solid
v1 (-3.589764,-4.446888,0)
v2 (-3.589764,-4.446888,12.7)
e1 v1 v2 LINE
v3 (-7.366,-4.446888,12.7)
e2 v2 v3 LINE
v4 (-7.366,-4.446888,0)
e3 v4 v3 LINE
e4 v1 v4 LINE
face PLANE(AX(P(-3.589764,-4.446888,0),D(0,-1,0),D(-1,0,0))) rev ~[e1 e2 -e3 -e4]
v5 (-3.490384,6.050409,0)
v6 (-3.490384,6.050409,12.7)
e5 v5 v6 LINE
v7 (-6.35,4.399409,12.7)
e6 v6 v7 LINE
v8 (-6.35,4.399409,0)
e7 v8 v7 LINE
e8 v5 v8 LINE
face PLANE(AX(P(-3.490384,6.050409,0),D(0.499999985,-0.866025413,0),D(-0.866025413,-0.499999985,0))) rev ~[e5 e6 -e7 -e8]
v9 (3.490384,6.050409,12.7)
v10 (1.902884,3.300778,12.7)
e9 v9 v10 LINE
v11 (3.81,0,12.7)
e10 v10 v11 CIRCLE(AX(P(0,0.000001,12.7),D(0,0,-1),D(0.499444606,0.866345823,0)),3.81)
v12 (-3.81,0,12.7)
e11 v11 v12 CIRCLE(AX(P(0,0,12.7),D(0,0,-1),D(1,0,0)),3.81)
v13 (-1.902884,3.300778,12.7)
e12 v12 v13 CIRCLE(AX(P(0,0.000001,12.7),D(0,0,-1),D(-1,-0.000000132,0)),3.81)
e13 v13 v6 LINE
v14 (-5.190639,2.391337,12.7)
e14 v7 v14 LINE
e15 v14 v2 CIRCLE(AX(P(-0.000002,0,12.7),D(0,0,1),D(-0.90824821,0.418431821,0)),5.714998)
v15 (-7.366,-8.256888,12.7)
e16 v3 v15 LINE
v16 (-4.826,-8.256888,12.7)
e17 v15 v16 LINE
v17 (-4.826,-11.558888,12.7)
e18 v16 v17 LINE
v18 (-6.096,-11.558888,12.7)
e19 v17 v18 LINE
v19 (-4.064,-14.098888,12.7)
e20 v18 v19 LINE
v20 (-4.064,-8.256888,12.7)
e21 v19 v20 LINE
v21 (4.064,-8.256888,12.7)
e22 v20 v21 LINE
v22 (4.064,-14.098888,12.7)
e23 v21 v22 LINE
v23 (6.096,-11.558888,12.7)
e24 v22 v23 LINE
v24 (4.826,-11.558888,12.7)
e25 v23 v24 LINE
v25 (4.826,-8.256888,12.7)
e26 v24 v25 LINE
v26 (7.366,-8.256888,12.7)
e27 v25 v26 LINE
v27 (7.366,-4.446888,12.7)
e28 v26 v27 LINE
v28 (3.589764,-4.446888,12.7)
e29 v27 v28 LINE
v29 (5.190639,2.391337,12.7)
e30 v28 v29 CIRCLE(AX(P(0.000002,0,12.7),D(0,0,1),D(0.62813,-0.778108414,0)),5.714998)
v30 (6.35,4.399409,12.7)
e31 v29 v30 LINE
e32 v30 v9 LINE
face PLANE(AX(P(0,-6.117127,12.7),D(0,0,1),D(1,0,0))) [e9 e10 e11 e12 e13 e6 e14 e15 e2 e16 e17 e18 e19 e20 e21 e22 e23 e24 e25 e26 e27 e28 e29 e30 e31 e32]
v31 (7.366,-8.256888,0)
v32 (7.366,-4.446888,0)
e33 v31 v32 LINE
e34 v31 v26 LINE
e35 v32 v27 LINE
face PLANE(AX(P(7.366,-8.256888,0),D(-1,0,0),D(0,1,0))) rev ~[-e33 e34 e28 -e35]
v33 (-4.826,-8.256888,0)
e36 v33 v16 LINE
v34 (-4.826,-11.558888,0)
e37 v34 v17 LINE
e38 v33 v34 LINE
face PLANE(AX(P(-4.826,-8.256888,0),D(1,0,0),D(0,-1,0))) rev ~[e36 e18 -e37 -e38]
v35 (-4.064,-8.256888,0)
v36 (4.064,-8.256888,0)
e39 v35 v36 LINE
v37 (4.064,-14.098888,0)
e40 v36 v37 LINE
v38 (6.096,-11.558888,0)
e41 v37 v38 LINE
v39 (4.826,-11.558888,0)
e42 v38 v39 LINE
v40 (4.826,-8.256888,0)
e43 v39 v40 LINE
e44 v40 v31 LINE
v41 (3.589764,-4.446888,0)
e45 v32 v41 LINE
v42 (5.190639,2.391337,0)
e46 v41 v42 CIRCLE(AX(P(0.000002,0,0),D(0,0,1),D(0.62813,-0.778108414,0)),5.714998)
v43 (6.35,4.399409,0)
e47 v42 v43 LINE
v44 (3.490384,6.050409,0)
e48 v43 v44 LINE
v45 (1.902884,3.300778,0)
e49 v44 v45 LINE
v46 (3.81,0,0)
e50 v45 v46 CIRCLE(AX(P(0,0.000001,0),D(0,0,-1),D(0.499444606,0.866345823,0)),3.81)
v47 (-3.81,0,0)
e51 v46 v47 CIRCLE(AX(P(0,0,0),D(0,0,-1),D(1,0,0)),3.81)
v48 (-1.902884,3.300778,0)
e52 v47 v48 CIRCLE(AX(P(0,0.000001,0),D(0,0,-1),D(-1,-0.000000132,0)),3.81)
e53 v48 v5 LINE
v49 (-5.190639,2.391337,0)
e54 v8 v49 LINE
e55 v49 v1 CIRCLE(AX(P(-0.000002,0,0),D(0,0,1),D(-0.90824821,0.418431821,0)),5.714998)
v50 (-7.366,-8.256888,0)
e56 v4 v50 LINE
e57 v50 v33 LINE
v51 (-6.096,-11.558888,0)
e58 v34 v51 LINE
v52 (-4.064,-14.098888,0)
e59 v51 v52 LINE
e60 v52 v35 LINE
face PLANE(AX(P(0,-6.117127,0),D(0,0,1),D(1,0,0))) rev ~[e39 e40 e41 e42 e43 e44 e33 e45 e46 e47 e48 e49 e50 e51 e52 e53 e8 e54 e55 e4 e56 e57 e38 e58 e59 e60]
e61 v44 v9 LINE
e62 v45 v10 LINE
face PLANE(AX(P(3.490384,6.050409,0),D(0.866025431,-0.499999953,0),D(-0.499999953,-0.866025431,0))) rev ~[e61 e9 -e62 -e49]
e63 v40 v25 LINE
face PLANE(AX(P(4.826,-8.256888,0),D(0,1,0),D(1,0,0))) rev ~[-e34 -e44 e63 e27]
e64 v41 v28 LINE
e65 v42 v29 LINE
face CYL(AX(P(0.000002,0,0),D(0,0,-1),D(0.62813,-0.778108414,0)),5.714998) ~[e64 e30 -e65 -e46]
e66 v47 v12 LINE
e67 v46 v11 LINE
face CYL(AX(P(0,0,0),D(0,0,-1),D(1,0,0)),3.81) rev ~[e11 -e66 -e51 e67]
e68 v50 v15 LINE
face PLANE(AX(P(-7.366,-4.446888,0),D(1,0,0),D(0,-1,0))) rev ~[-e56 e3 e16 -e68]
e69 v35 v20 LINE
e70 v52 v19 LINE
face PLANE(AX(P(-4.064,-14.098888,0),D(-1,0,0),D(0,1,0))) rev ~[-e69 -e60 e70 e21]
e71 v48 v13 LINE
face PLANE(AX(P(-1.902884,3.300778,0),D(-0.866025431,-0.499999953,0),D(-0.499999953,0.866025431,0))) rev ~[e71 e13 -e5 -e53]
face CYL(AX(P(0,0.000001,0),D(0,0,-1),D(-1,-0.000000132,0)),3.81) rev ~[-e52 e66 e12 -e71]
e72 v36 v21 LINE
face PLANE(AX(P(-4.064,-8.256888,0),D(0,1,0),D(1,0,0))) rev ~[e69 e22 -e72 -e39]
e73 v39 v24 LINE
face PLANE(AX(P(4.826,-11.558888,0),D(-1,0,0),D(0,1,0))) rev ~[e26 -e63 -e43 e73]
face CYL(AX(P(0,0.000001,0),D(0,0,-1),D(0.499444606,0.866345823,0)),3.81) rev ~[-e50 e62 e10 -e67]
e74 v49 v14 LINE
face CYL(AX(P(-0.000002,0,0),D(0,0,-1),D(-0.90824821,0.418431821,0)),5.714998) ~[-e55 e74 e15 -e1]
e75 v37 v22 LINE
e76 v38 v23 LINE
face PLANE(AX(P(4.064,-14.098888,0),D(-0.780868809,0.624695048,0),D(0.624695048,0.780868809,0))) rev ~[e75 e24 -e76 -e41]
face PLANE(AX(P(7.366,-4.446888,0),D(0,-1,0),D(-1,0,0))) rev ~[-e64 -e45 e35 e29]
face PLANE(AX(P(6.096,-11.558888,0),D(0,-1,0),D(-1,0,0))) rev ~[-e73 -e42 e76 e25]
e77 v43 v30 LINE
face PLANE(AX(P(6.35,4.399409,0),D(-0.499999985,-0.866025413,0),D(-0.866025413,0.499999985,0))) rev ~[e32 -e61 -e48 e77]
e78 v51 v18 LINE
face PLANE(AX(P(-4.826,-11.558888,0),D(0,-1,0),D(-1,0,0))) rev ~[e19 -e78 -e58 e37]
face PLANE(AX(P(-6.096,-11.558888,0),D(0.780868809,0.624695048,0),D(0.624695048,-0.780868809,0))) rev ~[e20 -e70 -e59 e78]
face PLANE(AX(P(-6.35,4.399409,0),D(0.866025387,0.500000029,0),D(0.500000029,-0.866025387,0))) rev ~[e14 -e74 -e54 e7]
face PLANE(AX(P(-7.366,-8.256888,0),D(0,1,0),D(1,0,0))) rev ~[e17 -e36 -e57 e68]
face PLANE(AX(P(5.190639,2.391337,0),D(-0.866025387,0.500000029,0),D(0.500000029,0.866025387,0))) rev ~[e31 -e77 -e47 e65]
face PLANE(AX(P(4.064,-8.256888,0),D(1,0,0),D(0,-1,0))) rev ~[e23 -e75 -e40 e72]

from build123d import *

# Parameters (mm, degrees)
F1_DEPTH = 12.7


with BuildPart() as f1:
    # F0 (on Top) → F1 (new body)
    with BuildSketch(Plane.XY):
        with BuildLine():
            ThreePointArc((3.81, 0), (0, -3.81), (-3.81, 0))
            Line((-3.81, 0), (-5.190639, 2.391337))
            ThreePointArc((-5.190639, 2.391337), (-5.564549, -1.302698), (-3.589764, -4.446888))
            Line((-3.589764, -4.446888), (-7.366, -4.446888))
            Line((-7.366, -4.446888), (-7.366, -8.256888))
            Line((-7.366, -8.256888), (-4.826, -8.256888))
            Line((-4.826, -8.256888), (-4.826, -11.558888))
            Line((-4.826, -11.558888), (-6.096, -11.558888))
            Line((-6.096, -11.558888), (-4.064, -14.098888))
            Line((-4.064, -14.098888), (-4.064, -8.256888))
            Line((-4.064, -8.256888), (4.064, -8.256888))
            Line((4.064, -8.256888), (4.064, -14.098888))
            Line((4.064, -14.098888), (6.096, -11.558888))
            Line((6.096, -11.558888), (4.826, -11.558888))
            Line((4.826, -11.558888), (4.826, -8.256888))
            Line((4.826, -8.256888), (7.366, -8.256888))
            Line((7.366, -8.256888), (7.366, -4.446888))
            Line((7.366, -4.446888), (3.589764, -4.446888))
            ThreePointArc((3.589764, -4.446888), (5.564549, -1.302698), (5.190639, 2.391337))
            Line((5.190639, 2.391337), (3.81, 0))
        make_face()
        with BuildLine():
            ThreePointArc((1.902884, 3.300778), (3.298946, 1.906058), (3.81, 0))
            Line((3.81, 0), (5.190639, 2.391337))
            Line((5.190639, 2.391337), (6.35, 4.399409))
            Line((6.35, 4.399409), (3.490384, 6.050409))
            Line((3.490384, 6.050409), (1.902884, 3.300778))
        make_face()
        with BuildLine():
            ThreePointArc((-3.81, 0), (-3.298946, 1.906058), (-1.902884, 3.300778))
            Line((-1.902884, 3.300778), (-3.490384, 6.050409))
            Line((-3.490384, 6.050409), (-6.35, 4.399409))
            Line((-6.35, 4.399409), (-5.190639, 2.391337))
            Line((-5.190639, 2.391337), (-3.81, 0))
        make_face()
    extrude(amount=F1_DEPTH)


solid = f1.part
